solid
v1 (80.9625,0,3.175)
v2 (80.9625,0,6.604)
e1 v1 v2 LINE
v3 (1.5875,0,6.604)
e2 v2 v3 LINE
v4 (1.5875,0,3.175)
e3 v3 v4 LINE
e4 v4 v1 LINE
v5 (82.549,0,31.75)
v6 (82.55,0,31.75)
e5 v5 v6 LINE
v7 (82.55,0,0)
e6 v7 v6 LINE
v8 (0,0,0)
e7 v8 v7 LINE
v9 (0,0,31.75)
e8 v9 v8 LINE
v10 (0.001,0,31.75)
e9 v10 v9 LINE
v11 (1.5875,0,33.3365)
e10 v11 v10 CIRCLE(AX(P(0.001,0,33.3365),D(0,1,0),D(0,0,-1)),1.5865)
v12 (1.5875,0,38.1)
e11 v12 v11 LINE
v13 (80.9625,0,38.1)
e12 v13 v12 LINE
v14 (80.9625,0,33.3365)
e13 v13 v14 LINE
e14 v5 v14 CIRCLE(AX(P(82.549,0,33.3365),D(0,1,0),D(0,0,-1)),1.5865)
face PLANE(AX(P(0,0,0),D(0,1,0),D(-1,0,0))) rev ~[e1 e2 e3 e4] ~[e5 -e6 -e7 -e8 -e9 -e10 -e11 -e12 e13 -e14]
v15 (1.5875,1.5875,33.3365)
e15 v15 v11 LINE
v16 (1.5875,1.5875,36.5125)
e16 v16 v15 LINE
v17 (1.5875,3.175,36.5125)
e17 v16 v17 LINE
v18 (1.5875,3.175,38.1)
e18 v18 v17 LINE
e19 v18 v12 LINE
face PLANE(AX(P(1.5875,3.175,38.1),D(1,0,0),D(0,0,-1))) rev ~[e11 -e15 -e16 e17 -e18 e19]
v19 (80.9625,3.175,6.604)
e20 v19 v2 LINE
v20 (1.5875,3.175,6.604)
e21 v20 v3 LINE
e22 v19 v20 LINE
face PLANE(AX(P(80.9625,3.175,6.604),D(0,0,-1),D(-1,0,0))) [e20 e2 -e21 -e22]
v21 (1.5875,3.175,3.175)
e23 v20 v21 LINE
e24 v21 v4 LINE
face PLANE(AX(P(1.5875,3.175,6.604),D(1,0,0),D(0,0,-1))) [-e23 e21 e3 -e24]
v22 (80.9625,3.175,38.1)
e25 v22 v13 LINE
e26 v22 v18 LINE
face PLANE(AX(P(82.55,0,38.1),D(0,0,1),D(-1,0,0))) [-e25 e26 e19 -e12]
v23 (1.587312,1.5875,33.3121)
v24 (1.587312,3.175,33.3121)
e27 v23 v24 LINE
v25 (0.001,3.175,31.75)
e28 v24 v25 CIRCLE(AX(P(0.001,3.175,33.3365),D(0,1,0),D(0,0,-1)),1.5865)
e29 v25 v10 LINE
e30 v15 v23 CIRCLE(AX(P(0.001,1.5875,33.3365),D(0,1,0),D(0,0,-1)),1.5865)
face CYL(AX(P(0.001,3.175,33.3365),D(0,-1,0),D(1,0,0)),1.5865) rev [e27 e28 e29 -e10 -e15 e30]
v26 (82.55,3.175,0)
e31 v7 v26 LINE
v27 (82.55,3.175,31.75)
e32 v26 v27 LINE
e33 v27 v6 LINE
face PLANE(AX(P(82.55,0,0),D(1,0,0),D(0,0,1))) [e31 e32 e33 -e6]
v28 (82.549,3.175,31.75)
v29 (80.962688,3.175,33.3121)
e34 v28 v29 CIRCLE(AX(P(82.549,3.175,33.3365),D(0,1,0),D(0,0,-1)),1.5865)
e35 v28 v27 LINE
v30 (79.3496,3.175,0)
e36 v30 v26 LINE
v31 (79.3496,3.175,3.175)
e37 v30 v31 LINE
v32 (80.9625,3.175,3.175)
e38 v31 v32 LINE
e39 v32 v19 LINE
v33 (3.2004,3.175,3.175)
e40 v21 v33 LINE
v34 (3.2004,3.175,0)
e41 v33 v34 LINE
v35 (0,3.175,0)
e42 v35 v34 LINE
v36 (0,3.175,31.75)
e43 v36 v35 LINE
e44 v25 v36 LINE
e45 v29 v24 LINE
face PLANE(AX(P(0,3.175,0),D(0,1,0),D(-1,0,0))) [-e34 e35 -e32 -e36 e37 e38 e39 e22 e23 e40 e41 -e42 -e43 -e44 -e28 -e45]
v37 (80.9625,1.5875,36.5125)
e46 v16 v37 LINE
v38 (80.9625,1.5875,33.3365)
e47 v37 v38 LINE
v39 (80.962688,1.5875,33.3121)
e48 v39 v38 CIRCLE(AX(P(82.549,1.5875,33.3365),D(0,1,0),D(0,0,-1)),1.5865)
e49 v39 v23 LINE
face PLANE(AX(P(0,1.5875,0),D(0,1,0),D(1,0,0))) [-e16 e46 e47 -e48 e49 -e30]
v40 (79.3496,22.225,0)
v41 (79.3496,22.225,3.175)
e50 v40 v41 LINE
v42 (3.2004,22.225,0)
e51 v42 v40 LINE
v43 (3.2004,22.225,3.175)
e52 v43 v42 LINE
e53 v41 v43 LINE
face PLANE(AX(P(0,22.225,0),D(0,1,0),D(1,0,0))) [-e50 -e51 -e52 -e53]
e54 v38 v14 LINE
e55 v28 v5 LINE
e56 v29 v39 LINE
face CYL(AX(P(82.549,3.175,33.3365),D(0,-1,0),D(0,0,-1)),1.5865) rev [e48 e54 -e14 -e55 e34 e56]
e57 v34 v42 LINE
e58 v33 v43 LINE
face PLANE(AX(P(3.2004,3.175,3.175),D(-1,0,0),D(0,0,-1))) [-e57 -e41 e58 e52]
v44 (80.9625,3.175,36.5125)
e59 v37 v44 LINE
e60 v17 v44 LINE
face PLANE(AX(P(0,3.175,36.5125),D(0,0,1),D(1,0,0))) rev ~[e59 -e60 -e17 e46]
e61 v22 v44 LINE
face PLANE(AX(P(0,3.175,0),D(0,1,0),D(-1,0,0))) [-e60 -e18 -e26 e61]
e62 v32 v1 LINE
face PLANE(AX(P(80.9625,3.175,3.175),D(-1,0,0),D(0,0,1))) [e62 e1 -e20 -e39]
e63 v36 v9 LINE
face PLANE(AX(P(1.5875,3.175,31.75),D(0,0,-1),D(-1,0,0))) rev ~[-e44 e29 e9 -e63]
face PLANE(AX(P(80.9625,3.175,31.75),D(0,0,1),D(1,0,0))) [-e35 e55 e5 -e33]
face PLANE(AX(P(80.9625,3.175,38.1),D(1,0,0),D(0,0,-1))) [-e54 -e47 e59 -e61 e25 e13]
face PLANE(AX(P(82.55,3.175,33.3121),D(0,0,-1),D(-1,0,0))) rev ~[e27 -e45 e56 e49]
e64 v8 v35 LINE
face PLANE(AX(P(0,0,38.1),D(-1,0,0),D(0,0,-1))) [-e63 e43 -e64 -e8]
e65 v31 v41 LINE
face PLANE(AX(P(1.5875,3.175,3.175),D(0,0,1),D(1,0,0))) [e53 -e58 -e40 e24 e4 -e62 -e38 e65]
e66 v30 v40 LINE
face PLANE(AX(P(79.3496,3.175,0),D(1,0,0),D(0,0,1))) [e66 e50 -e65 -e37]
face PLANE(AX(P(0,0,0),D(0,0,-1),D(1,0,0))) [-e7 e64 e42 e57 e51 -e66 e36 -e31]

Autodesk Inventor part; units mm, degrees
ref_plane "YZ Plane" through (0, 0, 0) normal (1, 0, 0) x (0, 1, 0)
ref_plane "XZ Plane" through (0, 0, 0) normal (0, 1, 0) x (-1, 0, 0)
ref_plane "XY Plane" through (0, 0, 0) normal (0, 0, 1) x (1, 0, 0)
sketch "Sketch1" plane through (0, 0, 0) normal (0, 1, 0) x (-1, 0, 0)
  line L0 (0, 0) -> (-82.55, 0)
  line L1 (-82.55, 0) -> (-82.55, 38.1)
  line L2 (-82.55, 38.1) -> (0, 38.1)
  line L3 (0, 38.1) -> (0, 0)
  dimension "d0" = 82.55
  dimension "d1" = 38.1
extrude "Extrusion1" add sketch "Sketch1" along normal blind 3.175
sketch "Sketch2" plane through (0, 3.175, 0) normal (0, 1, 0) x (1, 0, 0)
  line L0 (82.55, 0) -> (0, 0) projected
  line L1 (0, 0) -> (0, -38.1) projected
  line L2 (0, -38.1) -> (82.55, -38.1) projected
  line L3 (82.55, -38.1) -> (82.55, 0) projected
  line L4 (0, -36.5125) -> (82.55, -36.5125)
  line L5 (82.55, -36.5125) -> (82.55, -33.3121)
  line L6 (82.55, -33.3121) -> (0, -33.3121)
  line L7 (0, -33.3121) -> (0, -36.5125)
  line L8 (1.5875, -3.175) -> (87.3125, -3.175)
  line L9 (87.3125, -3.175) -> (87.3125, -6.604)
  line L10 (87.3125, -6.604) -> (1.5875, -6.604)
  line L11 (1.5875, -6.604) -> (1.5875, -3.175)
  dimension "d4" = 3.2004
  dimension "d5" = 1.5875
  dimension "d8" = 85.725
  dimension "d9" = 1.5875
  dimension "d10" = 3.429
  dimension "d11" = 3.175
extrude "Extrusion2" cut sketch "Sketch2" against normal blind 1.5875 contours L6 L3 L4 L1
sketch "Sketch3" plane through (0, 3.175, 0) normal (0, 1, 0) x (1, 0, 0)
  line L0 (82.55, 0) -> (0, 0) projected
  line L1 (0, 0) -> (0, -33.3121) projected
  line L2 (1.5875, -3.175) -> (80.9625, -3.175)
  line L3 (80.9625, -3.175) -> (80.9625, -6.604)
  line L4 (80.9625, -6.604) -> (1.5875, -6.604)
  line L5 (1.5875, -6.604) -> (1.5875, -3.175)
  line L6 (82.55, -33.3121) -> (82.55, 0) projected
  dimension "d15" = 3.429
  dimension "d16" = 3.175
  dimension "d17" = 1.5875
  dimension "d20" = 1.5875
extrude "Extrusion3" cut sketch "Sketch3" against normal blind 12.7
sketch "Sketch4" plane through (0, 3.175, 0) normal (0, 1, 0) x (1, 0, 0)
  line L0 (0, -38.1) -> (1.5875, -38.1)
  line L1 (1.5875, -38.1) -> (1.5875, -31.75)
  line L2 (1.5875, -31.75) -> (0, -31.75)
  line L3 (0, -31.75) -> (0, -38.1)
  line L4 (82.55, -38.1) -> (80.9625, -38.1)
  line L5 (80.9625, -38.1) -> (80.9625, -31.75)
  line L6 (80.9625, -31.75) -> (82.55, -31.75)
  line L7 (82.55, -31.75) -> (82.55, -38.1)
  point P0 (0, 0)
  dimension "d21" = 1.5875
  dimension "d22" = 6.35
  dimension "d23" = 6.35
  dimension "d24" = 1.5875
extrude "Extrusion4" cut sketch "Sketch4" against normal blind 12.7
fillet "Fillet1" radius 1.5875 2 edges at (80.9625, 1.5875, 31.75) (1.5875, 1.5875, 31.75)
sketch "Sketch5" plane through (0, 3.175, 0) normal (0, 1, 0) x (1, 0, 0)
  line L0 (82.55, -31.75) -> (82.55, 0) projected
  line L1 (3.2004, 0) -> (79.3496, 0)
  line L2 (79.3496, 0) -> (79.3496, -3.175)
  line L3 (79.3496, -3.175) -> (3.2004, -3.175)
  line L4 (3.2004, -3.175) -> (3.2004, 0)
  line L5 (0, 0) -> (0, -31.75) projected
  dimension "d31" = 3.175
  dimension "d32" = 3.2004
  dimension "d33" = 3.2004
extrude "Extrusion5" add sketch "Sketch5" along normal blind 19.05
properties part number "Electronics Container Part 5"
